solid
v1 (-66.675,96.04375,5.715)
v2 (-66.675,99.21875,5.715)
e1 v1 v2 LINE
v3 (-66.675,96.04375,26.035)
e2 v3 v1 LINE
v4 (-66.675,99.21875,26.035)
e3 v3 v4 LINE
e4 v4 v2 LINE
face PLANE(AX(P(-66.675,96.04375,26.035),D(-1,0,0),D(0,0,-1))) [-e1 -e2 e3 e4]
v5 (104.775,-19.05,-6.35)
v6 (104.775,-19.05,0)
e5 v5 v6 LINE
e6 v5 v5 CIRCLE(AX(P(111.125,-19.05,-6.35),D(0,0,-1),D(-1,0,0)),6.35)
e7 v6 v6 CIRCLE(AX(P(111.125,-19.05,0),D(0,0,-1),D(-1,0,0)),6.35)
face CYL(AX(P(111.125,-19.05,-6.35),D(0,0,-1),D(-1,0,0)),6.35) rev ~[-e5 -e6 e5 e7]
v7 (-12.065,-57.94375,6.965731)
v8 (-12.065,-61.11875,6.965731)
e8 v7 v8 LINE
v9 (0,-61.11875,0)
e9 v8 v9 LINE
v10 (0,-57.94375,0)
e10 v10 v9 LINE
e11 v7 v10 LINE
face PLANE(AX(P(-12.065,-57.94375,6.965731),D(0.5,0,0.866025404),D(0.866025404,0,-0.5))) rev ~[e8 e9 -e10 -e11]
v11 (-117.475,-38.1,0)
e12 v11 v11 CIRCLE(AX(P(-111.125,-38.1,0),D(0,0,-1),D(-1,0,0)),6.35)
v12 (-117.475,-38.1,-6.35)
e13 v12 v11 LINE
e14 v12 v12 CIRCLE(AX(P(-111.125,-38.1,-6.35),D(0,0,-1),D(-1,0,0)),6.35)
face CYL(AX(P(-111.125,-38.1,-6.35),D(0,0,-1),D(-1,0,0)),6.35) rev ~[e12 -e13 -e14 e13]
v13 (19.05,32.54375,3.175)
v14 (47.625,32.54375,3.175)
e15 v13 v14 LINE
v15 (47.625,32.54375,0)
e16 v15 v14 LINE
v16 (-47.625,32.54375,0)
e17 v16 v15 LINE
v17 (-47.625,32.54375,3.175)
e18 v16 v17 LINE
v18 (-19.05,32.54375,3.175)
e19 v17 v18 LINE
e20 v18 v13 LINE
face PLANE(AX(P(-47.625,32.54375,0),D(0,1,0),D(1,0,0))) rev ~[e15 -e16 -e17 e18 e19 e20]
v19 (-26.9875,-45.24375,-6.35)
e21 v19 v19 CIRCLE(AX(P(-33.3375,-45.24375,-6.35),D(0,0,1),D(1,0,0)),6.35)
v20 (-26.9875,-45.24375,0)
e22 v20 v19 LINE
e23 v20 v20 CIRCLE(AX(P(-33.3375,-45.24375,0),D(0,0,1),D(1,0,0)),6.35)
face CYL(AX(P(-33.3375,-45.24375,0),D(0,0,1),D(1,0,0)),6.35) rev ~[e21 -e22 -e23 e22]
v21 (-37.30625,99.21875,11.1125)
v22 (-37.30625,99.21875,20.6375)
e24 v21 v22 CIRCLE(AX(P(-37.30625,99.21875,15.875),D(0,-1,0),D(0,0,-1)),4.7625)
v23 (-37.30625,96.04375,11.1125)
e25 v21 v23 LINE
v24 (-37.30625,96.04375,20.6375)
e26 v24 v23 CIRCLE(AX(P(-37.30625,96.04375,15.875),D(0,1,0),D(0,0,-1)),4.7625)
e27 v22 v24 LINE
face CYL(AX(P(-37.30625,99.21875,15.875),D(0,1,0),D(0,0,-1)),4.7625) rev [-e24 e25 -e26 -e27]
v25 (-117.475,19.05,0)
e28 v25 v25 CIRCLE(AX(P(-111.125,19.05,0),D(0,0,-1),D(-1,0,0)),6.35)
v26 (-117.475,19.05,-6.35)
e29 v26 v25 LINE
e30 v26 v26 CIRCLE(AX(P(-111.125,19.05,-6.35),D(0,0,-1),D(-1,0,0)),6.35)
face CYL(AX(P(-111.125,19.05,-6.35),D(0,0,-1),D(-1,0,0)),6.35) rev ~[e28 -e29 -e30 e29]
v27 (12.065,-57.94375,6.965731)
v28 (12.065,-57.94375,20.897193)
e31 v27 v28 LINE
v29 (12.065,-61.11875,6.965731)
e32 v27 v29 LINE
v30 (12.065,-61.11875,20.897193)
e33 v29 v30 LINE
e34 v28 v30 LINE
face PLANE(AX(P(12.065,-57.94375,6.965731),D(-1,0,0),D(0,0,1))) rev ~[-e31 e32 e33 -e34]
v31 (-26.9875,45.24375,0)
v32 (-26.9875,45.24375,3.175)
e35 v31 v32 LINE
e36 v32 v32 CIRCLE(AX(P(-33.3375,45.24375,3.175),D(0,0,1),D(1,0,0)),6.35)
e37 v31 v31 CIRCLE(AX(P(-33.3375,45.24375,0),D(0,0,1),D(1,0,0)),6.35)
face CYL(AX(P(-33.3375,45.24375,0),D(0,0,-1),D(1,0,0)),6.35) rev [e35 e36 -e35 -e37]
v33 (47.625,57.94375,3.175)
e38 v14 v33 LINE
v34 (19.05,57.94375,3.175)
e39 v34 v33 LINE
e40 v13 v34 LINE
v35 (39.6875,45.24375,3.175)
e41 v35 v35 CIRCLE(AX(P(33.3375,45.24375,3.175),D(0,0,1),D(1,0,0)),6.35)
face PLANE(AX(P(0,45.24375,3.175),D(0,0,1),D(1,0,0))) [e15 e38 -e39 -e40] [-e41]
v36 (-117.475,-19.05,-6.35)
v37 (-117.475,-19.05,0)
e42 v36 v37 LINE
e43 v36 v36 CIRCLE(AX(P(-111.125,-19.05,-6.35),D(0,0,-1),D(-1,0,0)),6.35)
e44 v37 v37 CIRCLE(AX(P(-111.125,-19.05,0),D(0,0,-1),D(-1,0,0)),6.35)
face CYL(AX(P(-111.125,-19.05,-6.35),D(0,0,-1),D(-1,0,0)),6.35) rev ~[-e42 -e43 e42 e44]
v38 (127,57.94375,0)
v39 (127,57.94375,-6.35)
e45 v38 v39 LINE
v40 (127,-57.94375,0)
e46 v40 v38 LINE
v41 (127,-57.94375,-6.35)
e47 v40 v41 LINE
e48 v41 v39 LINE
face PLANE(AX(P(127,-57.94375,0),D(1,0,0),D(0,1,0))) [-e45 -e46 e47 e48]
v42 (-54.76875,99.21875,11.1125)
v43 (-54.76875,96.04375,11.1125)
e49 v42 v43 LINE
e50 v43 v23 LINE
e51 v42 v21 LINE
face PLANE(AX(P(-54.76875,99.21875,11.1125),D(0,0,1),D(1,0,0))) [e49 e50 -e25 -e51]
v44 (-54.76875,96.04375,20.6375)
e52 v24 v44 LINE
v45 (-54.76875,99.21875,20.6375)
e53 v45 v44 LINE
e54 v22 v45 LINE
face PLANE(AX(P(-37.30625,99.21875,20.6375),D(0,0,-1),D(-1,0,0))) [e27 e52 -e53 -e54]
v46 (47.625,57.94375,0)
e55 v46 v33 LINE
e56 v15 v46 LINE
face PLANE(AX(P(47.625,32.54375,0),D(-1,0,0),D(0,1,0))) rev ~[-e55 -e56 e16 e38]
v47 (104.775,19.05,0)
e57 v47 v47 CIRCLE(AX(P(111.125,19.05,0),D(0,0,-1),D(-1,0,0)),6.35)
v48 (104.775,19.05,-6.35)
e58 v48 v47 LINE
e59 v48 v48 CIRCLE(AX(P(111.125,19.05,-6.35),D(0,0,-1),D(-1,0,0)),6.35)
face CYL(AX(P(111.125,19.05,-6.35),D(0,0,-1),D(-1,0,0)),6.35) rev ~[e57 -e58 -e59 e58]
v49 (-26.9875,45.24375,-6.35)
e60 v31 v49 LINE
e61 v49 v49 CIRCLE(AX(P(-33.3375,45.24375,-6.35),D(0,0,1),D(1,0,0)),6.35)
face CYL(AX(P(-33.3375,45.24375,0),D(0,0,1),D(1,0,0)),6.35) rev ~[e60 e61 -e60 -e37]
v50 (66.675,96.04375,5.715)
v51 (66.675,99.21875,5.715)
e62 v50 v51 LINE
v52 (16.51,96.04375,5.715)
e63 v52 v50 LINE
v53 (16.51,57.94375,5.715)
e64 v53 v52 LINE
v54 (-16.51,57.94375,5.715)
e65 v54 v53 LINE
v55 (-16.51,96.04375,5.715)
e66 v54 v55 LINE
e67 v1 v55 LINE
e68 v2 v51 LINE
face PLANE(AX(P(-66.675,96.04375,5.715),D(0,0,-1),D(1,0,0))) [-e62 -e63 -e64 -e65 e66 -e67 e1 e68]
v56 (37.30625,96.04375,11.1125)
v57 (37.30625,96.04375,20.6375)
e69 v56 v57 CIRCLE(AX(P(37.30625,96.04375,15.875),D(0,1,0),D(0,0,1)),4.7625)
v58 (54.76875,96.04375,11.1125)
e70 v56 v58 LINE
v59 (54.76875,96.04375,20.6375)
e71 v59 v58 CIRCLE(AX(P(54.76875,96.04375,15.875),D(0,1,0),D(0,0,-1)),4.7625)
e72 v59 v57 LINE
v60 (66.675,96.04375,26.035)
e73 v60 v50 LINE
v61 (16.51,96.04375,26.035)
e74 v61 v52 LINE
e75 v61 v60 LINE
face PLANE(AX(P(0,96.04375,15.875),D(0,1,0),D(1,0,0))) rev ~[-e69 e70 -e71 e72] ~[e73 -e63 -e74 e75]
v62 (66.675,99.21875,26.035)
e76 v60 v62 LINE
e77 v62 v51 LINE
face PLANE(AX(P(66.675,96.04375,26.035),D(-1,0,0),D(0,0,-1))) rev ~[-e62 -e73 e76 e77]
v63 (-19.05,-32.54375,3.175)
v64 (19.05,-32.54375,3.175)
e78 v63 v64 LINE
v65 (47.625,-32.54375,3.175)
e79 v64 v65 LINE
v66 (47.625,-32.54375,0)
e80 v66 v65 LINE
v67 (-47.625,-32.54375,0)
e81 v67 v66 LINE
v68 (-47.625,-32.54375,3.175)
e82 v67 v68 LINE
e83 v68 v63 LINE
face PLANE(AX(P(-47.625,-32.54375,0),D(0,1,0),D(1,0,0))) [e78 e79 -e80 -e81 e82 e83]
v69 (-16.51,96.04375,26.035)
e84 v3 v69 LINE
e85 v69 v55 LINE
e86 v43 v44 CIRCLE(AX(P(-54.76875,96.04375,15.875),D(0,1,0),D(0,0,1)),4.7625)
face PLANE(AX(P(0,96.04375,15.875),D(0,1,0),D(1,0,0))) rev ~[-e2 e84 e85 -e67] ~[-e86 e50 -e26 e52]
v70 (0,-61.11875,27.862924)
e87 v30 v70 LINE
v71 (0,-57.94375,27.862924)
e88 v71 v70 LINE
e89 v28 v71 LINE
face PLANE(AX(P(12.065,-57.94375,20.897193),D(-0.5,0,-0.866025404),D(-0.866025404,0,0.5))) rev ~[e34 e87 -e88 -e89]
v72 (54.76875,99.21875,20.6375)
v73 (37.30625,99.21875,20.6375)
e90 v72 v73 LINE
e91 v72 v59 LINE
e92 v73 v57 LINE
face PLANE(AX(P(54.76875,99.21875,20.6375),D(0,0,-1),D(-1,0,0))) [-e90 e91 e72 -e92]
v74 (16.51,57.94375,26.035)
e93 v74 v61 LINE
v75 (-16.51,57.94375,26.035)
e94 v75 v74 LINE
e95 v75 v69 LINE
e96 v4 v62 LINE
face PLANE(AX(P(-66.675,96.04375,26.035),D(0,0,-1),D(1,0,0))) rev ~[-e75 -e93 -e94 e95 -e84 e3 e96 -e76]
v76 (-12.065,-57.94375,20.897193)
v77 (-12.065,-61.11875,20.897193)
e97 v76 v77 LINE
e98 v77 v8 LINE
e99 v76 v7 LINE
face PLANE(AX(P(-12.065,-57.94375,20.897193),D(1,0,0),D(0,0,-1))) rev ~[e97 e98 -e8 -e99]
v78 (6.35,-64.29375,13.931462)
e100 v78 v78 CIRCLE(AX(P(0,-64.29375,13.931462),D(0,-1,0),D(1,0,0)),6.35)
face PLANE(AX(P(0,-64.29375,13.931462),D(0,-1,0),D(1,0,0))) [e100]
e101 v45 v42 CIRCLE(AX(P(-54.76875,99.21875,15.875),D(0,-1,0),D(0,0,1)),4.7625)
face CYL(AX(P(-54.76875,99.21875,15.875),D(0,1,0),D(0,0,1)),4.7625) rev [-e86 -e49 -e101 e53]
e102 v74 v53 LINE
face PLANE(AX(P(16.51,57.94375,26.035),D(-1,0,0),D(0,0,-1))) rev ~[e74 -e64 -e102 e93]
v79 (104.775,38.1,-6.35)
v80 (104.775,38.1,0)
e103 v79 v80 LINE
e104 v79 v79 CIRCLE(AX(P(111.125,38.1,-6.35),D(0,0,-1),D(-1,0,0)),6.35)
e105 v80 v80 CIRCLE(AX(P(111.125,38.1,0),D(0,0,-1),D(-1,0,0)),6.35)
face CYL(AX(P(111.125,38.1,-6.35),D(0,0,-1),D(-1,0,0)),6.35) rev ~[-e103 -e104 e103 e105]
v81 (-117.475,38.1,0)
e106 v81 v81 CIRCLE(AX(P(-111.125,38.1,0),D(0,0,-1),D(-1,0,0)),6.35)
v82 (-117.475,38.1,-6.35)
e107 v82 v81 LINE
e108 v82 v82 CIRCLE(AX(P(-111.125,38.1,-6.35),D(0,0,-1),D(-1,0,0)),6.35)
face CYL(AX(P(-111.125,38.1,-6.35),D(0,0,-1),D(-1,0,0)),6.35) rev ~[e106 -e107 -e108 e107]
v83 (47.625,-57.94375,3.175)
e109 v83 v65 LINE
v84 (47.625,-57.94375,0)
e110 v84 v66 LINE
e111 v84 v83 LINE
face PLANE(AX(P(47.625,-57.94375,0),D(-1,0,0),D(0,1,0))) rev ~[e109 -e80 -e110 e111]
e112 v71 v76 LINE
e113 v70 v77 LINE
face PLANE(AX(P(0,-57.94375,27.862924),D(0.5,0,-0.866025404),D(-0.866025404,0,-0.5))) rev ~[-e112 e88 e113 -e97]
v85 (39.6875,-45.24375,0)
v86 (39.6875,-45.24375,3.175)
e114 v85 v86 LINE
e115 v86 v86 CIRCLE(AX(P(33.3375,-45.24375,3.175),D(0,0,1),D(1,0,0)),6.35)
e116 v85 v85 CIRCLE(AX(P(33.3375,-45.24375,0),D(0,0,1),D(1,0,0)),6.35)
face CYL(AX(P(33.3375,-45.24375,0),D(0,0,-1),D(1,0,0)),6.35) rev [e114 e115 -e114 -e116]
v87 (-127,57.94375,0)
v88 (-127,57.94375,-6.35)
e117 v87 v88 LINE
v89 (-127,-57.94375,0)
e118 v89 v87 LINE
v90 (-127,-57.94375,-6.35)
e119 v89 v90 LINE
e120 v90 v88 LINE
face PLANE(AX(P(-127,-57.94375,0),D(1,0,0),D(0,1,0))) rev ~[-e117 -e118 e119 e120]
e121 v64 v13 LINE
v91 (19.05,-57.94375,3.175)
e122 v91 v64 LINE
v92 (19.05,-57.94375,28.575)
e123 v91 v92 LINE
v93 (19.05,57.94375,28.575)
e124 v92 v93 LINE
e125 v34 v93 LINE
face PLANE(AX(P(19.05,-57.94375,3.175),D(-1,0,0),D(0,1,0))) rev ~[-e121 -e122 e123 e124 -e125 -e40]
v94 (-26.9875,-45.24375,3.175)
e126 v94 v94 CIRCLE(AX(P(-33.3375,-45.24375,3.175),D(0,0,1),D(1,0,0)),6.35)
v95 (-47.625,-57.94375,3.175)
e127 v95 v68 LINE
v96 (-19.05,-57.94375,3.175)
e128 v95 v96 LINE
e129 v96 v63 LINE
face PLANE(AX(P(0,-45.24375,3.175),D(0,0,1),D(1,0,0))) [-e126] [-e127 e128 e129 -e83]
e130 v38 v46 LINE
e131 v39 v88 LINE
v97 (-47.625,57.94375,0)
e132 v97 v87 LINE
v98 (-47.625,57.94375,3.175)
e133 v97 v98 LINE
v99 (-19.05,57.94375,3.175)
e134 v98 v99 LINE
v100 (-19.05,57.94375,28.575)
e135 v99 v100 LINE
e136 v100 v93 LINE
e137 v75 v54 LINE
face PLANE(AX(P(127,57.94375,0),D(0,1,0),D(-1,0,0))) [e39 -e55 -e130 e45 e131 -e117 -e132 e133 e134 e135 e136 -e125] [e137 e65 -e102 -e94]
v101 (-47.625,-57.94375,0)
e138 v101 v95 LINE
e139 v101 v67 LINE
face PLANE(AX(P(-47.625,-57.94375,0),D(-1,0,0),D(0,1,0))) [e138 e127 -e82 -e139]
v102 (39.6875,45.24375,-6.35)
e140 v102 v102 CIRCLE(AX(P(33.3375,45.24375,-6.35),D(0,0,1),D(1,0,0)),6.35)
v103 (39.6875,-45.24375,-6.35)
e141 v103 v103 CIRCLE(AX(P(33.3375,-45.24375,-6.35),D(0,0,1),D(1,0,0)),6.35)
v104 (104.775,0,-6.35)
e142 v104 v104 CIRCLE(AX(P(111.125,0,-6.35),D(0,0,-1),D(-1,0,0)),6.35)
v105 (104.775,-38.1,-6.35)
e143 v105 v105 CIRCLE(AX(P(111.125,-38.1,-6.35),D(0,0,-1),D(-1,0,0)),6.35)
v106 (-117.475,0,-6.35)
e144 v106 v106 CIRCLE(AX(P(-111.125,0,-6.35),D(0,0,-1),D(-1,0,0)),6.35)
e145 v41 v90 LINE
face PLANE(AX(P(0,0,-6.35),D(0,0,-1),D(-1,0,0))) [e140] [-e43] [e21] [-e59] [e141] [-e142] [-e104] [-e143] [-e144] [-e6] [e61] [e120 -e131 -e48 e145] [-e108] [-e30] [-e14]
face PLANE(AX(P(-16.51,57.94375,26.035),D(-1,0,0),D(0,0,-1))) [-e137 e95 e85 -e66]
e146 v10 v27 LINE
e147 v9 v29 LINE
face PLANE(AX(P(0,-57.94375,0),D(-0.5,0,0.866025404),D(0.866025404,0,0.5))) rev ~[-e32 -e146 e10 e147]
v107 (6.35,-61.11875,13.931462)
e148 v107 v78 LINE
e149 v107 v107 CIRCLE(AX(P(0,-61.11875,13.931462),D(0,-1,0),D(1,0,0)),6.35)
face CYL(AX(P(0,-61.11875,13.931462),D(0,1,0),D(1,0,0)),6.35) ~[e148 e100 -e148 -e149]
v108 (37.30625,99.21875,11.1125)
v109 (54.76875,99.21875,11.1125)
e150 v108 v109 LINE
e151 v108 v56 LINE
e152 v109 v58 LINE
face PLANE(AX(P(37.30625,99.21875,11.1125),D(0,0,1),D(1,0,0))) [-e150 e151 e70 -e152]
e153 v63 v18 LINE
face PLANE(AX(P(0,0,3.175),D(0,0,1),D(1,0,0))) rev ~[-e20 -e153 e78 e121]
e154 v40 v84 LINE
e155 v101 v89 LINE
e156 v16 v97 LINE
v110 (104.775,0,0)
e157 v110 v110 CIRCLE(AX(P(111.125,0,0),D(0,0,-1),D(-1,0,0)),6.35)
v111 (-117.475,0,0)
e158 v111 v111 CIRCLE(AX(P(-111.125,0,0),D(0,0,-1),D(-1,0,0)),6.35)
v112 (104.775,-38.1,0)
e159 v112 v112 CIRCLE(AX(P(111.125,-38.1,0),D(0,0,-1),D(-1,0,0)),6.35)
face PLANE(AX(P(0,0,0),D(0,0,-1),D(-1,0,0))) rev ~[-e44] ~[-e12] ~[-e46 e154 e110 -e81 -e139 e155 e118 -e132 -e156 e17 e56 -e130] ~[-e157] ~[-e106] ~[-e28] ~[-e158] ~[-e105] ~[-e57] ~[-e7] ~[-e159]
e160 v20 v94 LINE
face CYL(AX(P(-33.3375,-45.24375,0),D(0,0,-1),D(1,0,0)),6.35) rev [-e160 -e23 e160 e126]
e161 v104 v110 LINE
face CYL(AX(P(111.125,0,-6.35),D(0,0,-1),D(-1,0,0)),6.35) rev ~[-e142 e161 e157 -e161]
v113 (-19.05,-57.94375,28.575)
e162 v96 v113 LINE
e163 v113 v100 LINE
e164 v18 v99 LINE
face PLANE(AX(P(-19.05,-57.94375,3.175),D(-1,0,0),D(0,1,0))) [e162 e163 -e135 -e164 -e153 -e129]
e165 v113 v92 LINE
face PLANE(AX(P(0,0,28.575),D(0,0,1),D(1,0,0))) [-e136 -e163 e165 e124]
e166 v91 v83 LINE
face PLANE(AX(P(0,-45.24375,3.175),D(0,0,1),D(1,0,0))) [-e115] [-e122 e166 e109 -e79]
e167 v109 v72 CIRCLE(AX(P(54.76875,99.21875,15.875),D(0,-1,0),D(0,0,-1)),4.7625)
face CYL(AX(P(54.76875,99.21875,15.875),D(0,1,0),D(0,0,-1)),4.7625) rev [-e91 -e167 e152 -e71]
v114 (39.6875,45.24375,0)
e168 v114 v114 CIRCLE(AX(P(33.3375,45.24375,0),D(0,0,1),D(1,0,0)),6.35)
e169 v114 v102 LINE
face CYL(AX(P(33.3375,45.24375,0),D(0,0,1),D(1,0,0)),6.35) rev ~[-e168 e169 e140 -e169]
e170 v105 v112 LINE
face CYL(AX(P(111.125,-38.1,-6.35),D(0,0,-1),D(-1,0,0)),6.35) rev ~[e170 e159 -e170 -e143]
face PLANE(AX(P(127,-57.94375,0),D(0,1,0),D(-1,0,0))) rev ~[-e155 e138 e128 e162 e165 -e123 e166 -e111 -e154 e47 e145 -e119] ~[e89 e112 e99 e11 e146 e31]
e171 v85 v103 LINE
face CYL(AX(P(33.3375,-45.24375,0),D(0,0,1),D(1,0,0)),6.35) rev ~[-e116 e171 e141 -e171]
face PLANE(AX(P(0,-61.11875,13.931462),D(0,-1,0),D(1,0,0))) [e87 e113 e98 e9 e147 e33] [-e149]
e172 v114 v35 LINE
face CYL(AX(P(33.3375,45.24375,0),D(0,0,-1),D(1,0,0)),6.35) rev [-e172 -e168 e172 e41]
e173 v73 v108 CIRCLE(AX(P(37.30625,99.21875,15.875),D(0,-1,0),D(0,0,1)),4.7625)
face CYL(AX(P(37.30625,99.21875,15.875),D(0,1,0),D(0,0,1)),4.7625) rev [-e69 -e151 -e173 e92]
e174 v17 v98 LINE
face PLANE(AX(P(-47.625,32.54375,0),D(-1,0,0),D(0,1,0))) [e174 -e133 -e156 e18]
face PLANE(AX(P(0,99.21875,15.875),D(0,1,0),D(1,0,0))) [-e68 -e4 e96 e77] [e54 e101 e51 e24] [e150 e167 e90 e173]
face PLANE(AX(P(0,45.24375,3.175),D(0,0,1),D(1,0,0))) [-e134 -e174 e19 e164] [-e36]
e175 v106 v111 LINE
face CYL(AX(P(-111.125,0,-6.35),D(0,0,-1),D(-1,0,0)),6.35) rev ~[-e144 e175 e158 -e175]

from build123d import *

# Parameters (mm, degrees)
SKETCH2_W           = 95.25
SKETCH2_H           = 25.4
SKETCH2_R           = 6.35
EXTRUDE1_DEPTH      = 3.175
EXTRUDE1_2_DEPTH    = 3.175
SKETCH3_W           = 38.1
SKETCH3_H           = 115.8875
EXTRUDE2_DEPTH      = 25.4
SKETCH4_W           = 33.02
SKETCH4_H           = 20.32
EXTRUDE3_DEPTH      = 38.1
SKETCH5_W           = 133.35
SKETCH5_H           = 20.32
EXTRUDE4_DEPTH      = 3.175
CUT_EXTRUDE1_DEPTH  = 158.1625
EXTRUDE5_DEPTH      = 3.175
SKETCH9_R           = 6.35
EXTRUDE6_DEPTH      = 3.175
SKETCH10_W          = 254
SKETCH10_H          = 115.8875
EXTRUDE7_DEPTH      = 6.35
SKETCH11_R          = 6.35
CUT_EXTRUDE2_DEPTH  = 7.35
SKETCH12_R          = 6.35
CUT_EXTRUDE3_DEPTH  = 35.925
LPATTERN1_COUNT     = 3
LPATTERN1_PITCH     = 19.05
LPATTERN1_COL_COUNT = 3
LPATTERN1_COL_PITCH = 19.05


with BuildPart() as part:
    # Sketch2 → Extrude1 (new body)
    with BuildSketch(Plane.XY):
        with Locations((0, -45.24375)):
            Rectangle(SKETCH2_W, SKETCH2_H)
        with Locations((-33.3375, -45.24375)):
            Circle(SKETCH2_R, mode=Mode.SUBTRACT)
        with Locations((33.3375, -45.24375)):
            Circle(SKETCH2_R, mode=Mode.SUBTRACT)
    extrude(amount=EXTRUDE1_DEPTH)



with BuildPart() as body_2:
    # Sketch2 → Extrude1 2 (new body)
    with BuildSketch(Plane.XY):
        with Locations((0, 45.24375)):
            Rectangle(SKETCH2_W, SKETCH2_H)
        with Locations((33.3375, 45.24375)):
            Circle(SKETCH2_R, mode=Mode.SUBTRACT)
        with Locations((-33.3375, 45.24375)):
            Circle(SKETCH2_R, mode=Mode.SUBTRACT)
    extrude(amount=EXTRUDE1_2_DEPTH)


with BuildPart() as part_1:
    add(part.part)

    add(body_2.part)  # Extrude2 merges body 2
    # Sketch3 → Extrude2 (add)
    with BuildSketch(Plane.XY.offset(3.175)):
        Rectangle(SKETCH3_W, SKETCH3_H)
    extrude(amount=EXTRUDE2_DEPTH)

    # Sketch4 → Extrude3 (add)
    with BuildSketch(Plane(origin=(0, 57.94375, 0), x_dir=(1, 0, 0), z_dir=(0, 1, 0))):
        with Locations((0, -15.875)):
            Rectangle(SKETCH4_W, SKETCH4_H)
    extrude(amount=EXTRUDE3_DEPTH)

    # Sketch5 → Extrude4 (add)
    with BuildSketch(Plane(origin=(0, 96.04375, 0), x_dir=(1, 0, 0), z_dir=(0, 1, 0))):
        with Locations((0, -15.875)):
            Rectangle(SKETCH5_W, SKETCH5_H)
    extrude(amount=EXTRUDE4_DEPTH)

    # Sketch6 → Cut-Extrude1 (cut, through all)
    with BuildSketch(Plane(origin=(0, 99.21875, 0), x_dir=(1, 0, 0), z_dir=(0, 1, 0))):
        with BuildLine():
            Line((54.76875, -20.6375), (37.30625, -20.6375))
            ThreePointArc((37.30625, -20.6375), (32.54375, -15.875), (37.30625, -11.1125))
            Line((37.30625, -11.1125), (54.76875, -11.1125))
            ThreePointArc((54.76875, -11.1125), (59.53125, -15.875), (54.76875, -20.6375))
        make_face()
        with BuildLine():
            Line((-54.76875, -11.1125), (-37.30625, -11.1125))
            ThreePointArc((-37.30625, -11.1125), (-32.54375, -15.875), (-37.30625, -20.6375))
            Line((-37.30625, -20.6375), (-54.76875, -20.6375))
            ThreePointArc((-54.76875, -20.6375), (-59.53125, -15.875), (-54.76875, -11.1125))
        make_face()
    extrude(amount=-CUT_EXTRUDE1_DEPTH, mode=Mode.SUBTRACT)

    # Sketch8 → Extrude5 (add)
    with BuildSketch(Plane.XZ.offset(57.94375)):
        Polygon((12.065, 6.965730998), (12.065, 20.897192993), (0, 27.862923991), (-12.065, 20.897192993), (-12.065, 6.965730998), (0, 0), align=None)
    extrude(amount=EXTRUDE5_DEPTH)

    # Sketch9 → Extrude6 (add)
    with BuildSketch(Plane.XZ.offset(61.11875)):
        with Locations((0, 13.931461996)):
            Circle(SKETCH9_R)
    extrude(amount=EXTRUDE6_DEPTH)

    # Sketch10 → Extrude7 (add)
    with BuildSketch(Plane(origin=(0, 0, 0), x_dir=(-1, 0, 0), z_dir=(0, 0, -1))):
        Rectangle(SKETCH10_W, SKETCH10_H)
    extrude(amount=EXTRUDE7_DEPTH)

    # Sketch11 → Cut-Extrude2 (cut, through all)
    with BuildSketch(Plane.XY):
        with Locations((33.3375, -45.24375)):
            Circle(SKETCH11_R)
        with Locations((-33.3375, -45.24375)):
            Circle(SKETCH11_R)
        with Locations((-33.3375, 45.24375)):
            Circle(SKETCH11_R)
        with Locations((33.3375, 45.24375)):
            Circle(SKETCH11_R)
    extrude(amount=-CUT_EXTRUDE2_DEPTH, mode=Mode.SUBTRACT)

    # Sketch12 → Cut-Extrude3 (cut, through all)
    with BuildSketch(Plane(origin=(0, 0, -6.35), x_dir=(-1, 0, 0), z_dir=(0, 0, -1))):
        with Locations((-111.125, 0)):
            Circle(SKETCH12_R)
        with Locations((111.125, 0)):
            Circle(SKETCH12_R)
    cut_extrude3 = extrude(amount=-CUT_EXTRUDE3_DEPTH, mode=Mode.SUBTRACT)

    # LPattern1: Cut-Extrude3 ×3
    with Locations(*[(0, i * LPATTERN1_PITCH, 0) for i in range(1, LPATTERN1_COUNT)]):
        add(cut_extrude3, mode=Mode.SUBTRACT)

    # LPattern1 col: Cut-Extrude3 ×3
    with Locations(*[(0, -i * LPATTERN1_COL_PITCH, 0) for i in range(1, LPATTERN1_COL_COUNT)]):
        add(cut_extrude3, mode=Mode.SUBTRACT)


solid = part_1.part
